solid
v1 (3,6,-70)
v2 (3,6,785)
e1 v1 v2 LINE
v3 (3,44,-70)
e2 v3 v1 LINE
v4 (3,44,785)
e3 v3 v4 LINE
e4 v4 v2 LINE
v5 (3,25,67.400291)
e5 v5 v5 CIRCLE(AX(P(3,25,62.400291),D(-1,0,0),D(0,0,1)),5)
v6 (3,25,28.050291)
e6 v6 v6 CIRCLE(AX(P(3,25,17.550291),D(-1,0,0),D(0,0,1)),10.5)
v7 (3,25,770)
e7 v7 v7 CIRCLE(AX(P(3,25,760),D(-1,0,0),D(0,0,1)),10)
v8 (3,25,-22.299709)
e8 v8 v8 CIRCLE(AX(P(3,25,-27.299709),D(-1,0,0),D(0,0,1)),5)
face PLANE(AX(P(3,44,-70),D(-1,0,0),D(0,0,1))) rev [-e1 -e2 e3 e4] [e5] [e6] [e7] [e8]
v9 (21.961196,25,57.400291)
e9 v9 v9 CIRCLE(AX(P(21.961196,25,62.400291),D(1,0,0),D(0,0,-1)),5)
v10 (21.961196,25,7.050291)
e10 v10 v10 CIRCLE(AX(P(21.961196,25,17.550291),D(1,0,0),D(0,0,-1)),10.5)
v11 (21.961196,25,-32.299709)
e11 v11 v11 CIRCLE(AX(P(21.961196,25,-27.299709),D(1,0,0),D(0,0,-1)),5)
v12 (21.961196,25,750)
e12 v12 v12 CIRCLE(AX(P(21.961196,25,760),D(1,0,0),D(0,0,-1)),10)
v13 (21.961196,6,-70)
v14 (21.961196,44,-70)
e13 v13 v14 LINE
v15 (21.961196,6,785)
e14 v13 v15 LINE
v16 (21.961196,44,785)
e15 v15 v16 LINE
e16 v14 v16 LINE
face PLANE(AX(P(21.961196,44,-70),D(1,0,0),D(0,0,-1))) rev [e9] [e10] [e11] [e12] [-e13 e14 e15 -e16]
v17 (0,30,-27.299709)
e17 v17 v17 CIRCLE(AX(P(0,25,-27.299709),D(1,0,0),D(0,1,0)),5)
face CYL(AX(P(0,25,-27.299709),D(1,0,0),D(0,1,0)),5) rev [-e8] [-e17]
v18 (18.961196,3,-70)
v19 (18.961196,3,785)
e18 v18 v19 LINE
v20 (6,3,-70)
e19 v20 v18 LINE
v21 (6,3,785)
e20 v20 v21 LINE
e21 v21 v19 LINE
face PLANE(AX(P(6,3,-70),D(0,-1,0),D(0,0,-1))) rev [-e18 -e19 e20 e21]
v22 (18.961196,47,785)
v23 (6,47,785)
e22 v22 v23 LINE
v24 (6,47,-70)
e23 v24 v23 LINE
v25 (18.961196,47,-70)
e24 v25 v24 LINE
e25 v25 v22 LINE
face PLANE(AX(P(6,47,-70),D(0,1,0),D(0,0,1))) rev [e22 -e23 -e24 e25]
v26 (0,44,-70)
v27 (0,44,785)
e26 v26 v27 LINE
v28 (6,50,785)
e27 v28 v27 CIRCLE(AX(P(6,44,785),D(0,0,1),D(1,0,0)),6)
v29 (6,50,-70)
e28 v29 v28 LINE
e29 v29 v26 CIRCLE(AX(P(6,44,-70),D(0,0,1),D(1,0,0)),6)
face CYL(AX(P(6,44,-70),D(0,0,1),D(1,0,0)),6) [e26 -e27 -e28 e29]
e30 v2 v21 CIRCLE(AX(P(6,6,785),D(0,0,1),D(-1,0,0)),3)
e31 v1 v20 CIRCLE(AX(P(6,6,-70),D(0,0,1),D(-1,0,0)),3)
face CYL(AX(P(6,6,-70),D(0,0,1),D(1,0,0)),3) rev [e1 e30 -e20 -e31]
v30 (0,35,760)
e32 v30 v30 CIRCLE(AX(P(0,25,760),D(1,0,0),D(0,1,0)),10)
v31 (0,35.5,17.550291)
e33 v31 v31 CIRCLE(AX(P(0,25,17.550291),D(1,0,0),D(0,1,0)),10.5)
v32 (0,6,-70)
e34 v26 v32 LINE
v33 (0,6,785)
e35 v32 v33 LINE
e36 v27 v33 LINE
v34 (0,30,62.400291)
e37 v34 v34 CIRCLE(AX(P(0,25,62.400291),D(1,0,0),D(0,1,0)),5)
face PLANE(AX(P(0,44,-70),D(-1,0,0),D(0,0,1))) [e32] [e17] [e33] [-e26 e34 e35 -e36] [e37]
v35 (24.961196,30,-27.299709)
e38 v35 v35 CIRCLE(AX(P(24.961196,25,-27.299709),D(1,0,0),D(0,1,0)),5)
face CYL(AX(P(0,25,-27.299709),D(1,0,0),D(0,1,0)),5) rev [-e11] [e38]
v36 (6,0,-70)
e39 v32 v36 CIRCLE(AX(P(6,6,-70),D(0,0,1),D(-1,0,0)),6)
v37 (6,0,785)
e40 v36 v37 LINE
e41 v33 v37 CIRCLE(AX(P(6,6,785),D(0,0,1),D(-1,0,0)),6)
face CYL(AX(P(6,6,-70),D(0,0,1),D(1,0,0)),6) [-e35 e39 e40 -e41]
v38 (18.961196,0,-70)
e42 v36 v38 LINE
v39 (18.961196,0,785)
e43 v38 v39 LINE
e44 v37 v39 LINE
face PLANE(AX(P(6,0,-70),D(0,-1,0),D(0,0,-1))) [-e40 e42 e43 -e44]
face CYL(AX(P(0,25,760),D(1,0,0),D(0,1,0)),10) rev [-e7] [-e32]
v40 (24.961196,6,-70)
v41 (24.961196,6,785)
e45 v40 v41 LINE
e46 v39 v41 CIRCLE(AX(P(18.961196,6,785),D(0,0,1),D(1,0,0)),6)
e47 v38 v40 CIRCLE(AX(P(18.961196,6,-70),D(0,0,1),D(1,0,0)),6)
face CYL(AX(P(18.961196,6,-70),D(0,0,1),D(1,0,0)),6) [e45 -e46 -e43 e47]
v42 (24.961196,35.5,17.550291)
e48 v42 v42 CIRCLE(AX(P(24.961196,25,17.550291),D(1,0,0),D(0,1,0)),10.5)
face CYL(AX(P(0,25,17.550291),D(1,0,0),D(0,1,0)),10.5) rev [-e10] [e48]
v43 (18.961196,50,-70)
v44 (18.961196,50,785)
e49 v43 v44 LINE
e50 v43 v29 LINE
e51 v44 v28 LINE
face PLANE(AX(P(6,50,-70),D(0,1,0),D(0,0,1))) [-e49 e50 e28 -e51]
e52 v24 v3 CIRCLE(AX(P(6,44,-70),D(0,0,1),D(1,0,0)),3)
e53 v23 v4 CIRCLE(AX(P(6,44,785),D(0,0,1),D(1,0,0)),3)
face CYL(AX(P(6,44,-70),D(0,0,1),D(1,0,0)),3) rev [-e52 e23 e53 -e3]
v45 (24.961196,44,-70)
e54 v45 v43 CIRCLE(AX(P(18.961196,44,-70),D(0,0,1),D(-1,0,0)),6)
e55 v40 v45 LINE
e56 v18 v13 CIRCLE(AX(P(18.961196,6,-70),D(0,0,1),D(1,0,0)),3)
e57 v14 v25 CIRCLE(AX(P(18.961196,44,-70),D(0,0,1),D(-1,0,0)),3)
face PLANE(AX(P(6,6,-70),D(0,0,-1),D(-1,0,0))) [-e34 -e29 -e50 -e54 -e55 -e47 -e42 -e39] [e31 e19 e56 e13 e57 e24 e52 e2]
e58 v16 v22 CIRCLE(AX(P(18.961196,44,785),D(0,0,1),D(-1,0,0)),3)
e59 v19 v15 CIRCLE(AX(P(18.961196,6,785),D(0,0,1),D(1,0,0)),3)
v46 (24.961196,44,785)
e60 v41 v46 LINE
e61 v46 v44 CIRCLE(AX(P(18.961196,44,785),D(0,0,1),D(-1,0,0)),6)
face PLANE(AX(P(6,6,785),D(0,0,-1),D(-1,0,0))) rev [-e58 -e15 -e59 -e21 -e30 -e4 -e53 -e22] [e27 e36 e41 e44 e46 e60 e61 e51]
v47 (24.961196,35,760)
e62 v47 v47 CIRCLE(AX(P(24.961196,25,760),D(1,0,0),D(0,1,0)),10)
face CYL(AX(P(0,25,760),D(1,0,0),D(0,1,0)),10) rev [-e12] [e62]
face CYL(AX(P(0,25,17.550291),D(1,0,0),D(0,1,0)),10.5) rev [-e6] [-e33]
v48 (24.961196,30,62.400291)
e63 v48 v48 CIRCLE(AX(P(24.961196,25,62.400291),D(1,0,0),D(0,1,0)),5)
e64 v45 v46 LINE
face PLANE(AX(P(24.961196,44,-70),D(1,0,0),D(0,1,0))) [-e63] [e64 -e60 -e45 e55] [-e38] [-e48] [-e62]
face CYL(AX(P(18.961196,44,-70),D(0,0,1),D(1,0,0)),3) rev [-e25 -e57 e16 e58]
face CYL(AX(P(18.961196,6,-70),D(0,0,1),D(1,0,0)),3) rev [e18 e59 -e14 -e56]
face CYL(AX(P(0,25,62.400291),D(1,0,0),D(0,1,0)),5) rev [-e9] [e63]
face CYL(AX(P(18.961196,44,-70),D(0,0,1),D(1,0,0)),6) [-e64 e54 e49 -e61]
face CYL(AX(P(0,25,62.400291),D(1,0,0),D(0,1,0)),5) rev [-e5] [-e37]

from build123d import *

# Parameters (mm, degrees)
BOSS_EXTRUDE1_DEPTH      = 785
BOSS_EXTRUDE1_DEPTH_BACK = 70
SKETCH3_R                = 10.5
SKETCH3_R_2              = 5
CUT_EXTRUDE1_DEPTH       = 787.986697046


with BuildPart() as part:
    # Sketch1 → Boss-Extrude1 (new, two sides: drawn at the far end of the back side and taken through both)
    with BuildSketch(Plane.XY.offset(-BOSS_EXTRUDE1_DEPTH_BACK)):
        with BuildLine():
            Line((0, 44), (0, 6))
            ThreePointArc((0, 6), (1.757359313, 1.757359313), (6, 0))
            Line((6, 0), (18.96119643, 0))
            ThreePointArc((18.96119643, 0), (23.203837117, 1.757359313), (24.96119643, 6))
            Line((24.96119643, 6), (24.96119643, 44))
            ThreePointArc((24.96119643, 44), (23.203837117, 48.242640687), (18.96119643, 50))
            Line((18.96119643, 50), (6, 50))
            ThreePointArc((6, 50), (1.757359313, 48.242640687), (0, 44))
        make_face()
        with BuildLine():
            Line((3, 44), (3, 6))
            ThreePointArc((3, 6), (3.878679656, 3.878679656), (6, 3))
            Line((6, 3), (18.96119643, 3))
            ThreePointArc((18.96119643, 3), (21.082516774, 3.878679656), (21.96119643, 6))
            Line((21.96119643, 6), (21.96119643, 44))
            ThreePointArc((21.96119643, 44), (21.082516774, 46.121320344), (18.96119643, 47))
            Line((18.96119643, 47), (6, 47))
            ThreePointArc((6, 47), (3.878679656, 46.121320344), (3, 44))
        make_face(mode=Mode.SUBTRACT)
    extrude(amount=BOSS_EXTRUDE1_DEPTH + BOSS_EXTRUDE1_DEPTH_BACK)

    # Sketch3 → Cut-Extrude1 (cut, through all)
    with BuildSketch(Plane(origin=(24.96119643, 0, 0), x_dir=(0, 0, -1), z_dir=(1, 0, 0))):
        with Locations(Location((-17.550291159, 25, 0), (0, 0, 90))):
            Circle(SKETCH3_R)
        with Locations(Location((-62.400291159, 25, 0), (0, 0, 90))):
            Circle(SKETCH3_R_2)
        with BuildLine():
            ThreePointArc((-750, 25), (-760, 35), (-770, 25))
            Line((-770, 25), (-760, 25))
            Line((-760, 25), (-750, 25))
        make_face()
        with BuildLine():
            Line((-760, 25), (-770, 25))
            ThreePointArc((-770, 25), (-760, 15), (-750, 25))
            Line((-750, 25), (-760, 25))
        make_face()
        with Locations(Location((27.299708841, 25, 0), (0, 0, 90))):
            Circle(SKETCH3_R_2)
    extrude(amount=-CUT_EXTRUDE1_DEPTH, mode=Mode.SUBTRACT)


solid = part.part
